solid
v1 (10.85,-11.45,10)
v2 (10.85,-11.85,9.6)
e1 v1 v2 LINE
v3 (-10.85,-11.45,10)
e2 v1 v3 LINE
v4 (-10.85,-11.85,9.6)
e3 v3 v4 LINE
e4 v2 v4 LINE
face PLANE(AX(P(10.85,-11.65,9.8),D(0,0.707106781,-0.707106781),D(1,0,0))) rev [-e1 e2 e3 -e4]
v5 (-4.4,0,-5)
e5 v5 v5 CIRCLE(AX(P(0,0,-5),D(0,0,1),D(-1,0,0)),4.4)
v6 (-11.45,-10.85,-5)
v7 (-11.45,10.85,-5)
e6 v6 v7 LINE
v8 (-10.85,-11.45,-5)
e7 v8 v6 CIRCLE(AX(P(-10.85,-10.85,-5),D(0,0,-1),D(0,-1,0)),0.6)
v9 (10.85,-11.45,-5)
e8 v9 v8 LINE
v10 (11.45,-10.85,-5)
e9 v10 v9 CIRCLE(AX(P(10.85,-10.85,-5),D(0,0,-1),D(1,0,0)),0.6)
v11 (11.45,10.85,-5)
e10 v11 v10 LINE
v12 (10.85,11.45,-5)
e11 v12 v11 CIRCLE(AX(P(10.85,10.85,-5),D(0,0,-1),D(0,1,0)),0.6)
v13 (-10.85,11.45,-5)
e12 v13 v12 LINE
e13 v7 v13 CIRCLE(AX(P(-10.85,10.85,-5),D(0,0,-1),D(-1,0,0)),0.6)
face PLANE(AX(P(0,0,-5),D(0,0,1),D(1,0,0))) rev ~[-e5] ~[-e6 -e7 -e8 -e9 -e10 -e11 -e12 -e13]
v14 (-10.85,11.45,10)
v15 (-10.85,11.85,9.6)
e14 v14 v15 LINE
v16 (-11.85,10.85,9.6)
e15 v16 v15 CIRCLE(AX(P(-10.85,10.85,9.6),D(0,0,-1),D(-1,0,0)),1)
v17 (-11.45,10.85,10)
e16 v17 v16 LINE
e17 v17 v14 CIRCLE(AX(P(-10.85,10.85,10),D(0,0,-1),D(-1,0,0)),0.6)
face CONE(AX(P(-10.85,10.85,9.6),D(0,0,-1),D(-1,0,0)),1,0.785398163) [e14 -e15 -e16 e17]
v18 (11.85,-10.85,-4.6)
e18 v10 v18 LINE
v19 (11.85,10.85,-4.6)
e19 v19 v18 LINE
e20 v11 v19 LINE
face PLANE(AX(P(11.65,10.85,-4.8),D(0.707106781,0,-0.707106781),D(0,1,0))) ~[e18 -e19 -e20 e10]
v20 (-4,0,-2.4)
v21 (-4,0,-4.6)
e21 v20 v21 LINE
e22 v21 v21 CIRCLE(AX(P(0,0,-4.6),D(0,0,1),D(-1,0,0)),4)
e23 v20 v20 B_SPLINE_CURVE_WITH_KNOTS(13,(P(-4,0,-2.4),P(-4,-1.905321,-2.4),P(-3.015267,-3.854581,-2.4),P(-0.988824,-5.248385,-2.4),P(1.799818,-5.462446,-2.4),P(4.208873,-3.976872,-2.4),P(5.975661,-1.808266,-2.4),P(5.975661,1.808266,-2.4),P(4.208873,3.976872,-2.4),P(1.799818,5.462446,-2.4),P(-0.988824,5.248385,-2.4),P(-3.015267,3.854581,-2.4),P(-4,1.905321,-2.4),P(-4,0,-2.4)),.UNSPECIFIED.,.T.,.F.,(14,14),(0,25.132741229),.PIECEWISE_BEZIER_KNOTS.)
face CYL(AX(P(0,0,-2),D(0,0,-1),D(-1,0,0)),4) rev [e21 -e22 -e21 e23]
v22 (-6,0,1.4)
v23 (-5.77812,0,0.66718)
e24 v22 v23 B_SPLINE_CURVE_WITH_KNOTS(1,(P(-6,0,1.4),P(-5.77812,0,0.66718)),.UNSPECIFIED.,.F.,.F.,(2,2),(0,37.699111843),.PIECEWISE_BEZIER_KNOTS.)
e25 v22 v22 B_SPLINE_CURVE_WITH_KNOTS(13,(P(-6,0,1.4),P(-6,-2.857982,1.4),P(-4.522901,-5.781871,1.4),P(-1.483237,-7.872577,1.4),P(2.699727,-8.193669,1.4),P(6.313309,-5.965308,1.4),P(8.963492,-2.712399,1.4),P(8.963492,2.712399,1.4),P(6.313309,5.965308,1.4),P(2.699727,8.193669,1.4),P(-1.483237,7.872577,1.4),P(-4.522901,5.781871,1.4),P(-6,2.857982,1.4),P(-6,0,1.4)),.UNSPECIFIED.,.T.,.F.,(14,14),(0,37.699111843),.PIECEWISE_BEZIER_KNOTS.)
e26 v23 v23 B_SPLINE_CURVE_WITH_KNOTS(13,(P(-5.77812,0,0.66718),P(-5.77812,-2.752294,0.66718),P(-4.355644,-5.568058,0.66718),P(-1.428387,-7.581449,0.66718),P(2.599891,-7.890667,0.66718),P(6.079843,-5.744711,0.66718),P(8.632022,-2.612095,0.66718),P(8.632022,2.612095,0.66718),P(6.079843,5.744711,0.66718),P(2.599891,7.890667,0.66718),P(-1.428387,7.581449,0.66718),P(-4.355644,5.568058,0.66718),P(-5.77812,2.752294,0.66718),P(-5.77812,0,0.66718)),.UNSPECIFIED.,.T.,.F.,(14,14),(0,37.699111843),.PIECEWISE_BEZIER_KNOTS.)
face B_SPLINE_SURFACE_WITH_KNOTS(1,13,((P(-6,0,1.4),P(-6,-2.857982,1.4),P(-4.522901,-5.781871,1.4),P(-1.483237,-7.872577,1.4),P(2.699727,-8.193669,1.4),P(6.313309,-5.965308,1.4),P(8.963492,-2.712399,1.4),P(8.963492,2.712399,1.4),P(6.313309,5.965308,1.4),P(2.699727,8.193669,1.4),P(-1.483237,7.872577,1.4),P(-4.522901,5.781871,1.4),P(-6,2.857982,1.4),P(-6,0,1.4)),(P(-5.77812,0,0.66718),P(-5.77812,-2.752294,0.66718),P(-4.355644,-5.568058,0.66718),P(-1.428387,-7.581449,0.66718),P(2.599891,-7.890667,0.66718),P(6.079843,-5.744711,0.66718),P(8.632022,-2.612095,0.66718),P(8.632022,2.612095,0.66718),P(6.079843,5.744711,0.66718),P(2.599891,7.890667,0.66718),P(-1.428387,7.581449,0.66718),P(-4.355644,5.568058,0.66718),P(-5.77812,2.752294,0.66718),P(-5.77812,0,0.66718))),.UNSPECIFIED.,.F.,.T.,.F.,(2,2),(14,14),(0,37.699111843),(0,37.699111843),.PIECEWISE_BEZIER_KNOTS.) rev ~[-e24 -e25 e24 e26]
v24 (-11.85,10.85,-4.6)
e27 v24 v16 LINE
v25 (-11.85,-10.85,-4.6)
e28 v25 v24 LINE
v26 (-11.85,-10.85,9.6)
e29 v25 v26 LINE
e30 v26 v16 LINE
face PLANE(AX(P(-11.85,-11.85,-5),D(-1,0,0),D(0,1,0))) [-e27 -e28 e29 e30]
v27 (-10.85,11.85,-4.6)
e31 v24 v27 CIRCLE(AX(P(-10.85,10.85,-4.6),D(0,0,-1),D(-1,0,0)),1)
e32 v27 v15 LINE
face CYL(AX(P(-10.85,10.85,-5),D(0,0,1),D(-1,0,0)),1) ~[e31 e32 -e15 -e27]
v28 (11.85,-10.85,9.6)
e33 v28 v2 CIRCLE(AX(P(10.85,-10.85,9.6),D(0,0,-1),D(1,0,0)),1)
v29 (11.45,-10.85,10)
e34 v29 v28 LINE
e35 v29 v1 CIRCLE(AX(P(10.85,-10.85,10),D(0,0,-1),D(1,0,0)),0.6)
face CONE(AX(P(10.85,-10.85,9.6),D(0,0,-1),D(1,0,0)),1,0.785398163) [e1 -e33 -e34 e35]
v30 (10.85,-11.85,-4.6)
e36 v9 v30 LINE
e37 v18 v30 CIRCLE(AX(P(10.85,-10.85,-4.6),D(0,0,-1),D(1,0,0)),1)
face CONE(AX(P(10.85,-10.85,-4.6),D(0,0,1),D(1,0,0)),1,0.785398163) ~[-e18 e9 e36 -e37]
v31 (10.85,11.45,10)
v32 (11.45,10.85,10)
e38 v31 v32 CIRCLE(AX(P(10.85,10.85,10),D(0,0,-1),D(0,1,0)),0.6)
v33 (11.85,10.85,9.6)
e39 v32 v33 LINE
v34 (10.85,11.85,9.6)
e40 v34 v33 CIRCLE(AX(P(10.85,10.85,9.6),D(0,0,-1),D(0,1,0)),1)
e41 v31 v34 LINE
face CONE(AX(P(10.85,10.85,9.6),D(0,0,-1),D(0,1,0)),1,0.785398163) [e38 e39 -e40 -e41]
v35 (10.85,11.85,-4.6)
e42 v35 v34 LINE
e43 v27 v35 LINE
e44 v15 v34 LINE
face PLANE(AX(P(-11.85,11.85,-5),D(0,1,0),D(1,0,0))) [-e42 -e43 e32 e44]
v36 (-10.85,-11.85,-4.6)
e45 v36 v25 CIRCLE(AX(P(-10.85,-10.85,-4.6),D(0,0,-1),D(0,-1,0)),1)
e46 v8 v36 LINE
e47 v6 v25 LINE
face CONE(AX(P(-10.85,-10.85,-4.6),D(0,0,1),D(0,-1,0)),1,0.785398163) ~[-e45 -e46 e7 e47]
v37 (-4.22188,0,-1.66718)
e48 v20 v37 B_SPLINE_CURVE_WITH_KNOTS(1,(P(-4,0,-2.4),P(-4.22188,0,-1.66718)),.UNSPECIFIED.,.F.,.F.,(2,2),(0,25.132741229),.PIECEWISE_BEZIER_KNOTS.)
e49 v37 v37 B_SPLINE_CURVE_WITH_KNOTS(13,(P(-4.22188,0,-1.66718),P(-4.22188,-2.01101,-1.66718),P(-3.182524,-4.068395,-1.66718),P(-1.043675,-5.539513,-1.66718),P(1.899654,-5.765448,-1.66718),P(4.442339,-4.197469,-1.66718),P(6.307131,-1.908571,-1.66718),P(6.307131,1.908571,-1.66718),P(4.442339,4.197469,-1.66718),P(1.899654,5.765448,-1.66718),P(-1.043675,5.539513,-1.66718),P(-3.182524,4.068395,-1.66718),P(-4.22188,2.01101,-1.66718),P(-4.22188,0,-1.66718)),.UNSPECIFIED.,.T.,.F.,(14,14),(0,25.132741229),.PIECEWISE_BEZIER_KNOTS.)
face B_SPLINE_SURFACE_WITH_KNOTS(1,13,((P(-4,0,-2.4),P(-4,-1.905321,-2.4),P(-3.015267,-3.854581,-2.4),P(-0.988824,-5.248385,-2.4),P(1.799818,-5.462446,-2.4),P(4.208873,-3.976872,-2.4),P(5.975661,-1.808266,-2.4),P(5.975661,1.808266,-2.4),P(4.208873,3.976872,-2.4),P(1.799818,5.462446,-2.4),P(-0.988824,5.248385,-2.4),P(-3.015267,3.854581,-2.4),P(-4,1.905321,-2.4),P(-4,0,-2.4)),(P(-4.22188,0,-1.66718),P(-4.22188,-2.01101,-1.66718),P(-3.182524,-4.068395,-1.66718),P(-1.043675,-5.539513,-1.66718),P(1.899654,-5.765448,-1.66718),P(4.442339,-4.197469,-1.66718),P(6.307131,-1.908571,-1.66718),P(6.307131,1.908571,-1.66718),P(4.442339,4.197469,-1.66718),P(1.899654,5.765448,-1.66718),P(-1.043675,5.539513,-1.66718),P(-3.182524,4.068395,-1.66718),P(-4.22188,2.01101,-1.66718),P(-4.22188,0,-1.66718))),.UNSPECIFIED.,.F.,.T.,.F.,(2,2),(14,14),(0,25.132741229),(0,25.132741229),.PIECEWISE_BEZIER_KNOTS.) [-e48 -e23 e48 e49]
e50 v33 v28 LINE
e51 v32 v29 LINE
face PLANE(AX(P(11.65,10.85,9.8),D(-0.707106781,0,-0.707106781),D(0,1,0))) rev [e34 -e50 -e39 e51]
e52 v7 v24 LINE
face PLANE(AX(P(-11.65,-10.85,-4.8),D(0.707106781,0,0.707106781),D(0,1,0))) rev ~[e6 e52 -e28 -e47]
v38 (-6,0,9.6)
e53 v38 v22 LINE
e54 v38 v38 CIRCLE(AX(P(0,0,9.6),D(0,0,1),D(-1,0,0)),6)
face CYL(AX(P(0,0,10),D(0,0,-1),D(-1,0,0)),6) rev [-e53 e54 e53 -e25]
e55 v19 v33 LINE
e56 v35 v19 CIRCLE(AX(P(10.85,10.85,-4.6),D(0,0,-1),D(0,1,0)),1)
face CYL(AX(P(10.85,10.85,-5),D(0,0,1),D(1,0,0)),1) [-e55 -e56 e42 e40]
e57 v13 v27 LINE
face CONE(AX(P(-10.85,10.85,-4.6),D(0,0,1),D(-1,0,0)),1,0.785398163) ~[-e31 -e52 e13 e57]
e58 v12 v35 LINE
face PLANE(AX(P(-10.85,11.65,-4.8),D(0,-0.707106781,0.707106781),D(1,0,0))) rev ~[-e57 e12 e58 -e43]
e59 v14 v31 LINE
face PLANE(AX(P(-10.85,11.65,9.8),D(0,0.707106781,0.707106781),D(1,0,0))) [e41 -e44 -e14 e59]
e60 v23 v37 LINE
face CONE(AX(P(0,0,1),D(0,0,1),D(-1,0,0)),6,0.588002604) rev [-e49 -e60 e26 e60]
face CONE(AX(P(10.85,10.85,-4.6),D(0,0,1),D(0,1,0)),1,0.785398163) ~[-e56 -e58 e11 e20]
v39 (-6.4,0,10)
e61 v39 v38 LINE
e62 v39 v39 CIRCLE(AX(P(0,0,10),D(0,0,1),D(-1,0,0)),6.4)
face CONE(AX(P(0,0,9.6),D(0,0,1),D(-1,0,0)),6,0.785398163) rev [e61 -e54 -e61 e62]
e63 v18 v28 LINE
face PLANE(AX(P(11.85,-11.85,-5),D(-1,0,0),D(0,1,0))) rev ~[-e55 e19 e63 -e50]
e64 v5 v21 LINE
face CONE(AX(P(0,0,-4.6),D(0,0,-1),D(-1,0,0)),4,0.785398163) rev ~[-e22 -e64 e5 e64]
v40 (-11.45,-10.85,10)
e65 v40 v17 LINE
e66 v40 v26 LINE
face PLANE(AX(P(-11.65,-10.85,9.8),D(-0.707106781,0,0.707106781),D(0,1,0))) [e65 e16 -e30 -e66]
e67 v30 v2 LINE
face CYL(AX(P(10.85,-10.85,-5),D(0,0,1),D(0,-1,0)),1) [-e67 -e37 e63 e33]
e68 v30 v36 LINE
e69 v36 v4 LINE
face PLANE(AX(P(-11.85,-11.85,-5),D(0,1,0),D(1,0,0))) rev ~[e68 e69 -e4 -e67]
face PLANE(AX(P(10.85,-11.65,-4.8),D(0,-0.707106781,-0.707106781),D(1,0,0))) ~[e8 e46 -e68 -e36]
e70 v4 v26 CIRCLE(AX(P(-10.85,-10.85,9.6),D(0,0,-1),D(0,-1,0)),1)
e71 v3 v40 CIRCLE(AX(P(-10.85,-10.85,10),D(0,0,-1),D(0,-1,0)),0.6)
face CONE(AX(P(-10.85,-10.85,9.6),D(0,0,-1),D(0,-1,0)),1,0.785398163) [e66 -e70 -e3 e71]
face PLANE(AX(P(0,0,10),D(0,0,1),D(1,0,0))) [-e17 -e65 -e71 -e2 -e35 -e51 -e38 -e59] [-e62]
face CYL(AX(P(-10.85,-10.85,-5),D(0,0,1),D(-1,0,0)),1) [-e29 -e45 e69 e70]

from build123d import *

# Parameters (mm, degrees)
SKETCH_W           = 23.7
SKETCH_H           = 23.7
PAD_DEPTH          = 15
FILLET003_R        = 1
CHAMFER002007_SIZE = 0.4


with BuildPart() as part:
    # Sketch → Pad (new body)
    with BuildSketch(Plane.XY):
        Rectangle(SKETCH_W, SKETCH_H)
    extrude(amount=PAD_DEPTH)

    # Fillet003
    fillet003_edges = [part.edges().sort_by_distance(p)[0] for p in [
        (-11.85, 11.85, 7.5),
        (-11.85, -11.85, 7.5),
        (11.85, 11.85, 7.5),
        (11.85, -11.85, 7.5),
    ]]
    fillet(fillet003_edges, radius=FILLET003_R)

    # Sketch001 → Groove (revolve, cut)
    with BuildSketch(Plane.XZ):
        Polygon((0, 0), (0, 15), (-6, 15), (-6, 6), (-4, 3), (-4, 0), align=None)
    revolve(axis=Axis((0, 0, 0), (0, 0, 1)), mode=Mode.SUBTRACT)

    # Chamfer002007
    chamfer002007_edges = [part.edges().sort_by_distance(p)[0] for p in [
        (0, 11.85, 15),
        (-11.557107, 11.557107, 15),
        (11.557107, 11.557107, 15),
        (-11.85, 0, 15),
        (11.85, 0, 15),
        (-11.557107, -11.557107, 15),
        (11.557107, -11.557107, 15),
        (0, -11.85, 15),
        (6, 0, 15),
        (0, 11.85, 0),
        (-11.557107, 11.557107, 0),
        (11.557107, 11.557107, 0),
        (-11.85, 0, 0),
        (11.85, 0, 0),
        (-11.557107, -11.557107, 0),
        (11.557107, -11.557107, 0),
        (0, -11.85, 0),
        (4, 0, 0),
        (4, 0, 3),
        (6, 0, 6),
    ]]
    chamfer(chamfer002007_edges, length=CHAMFER002007_SIZE)


with BuildPart() as part_1:
    # Body placement: moved
    add(part.part.moved(Location((0, 0, -5))))


solid = part_1.part
